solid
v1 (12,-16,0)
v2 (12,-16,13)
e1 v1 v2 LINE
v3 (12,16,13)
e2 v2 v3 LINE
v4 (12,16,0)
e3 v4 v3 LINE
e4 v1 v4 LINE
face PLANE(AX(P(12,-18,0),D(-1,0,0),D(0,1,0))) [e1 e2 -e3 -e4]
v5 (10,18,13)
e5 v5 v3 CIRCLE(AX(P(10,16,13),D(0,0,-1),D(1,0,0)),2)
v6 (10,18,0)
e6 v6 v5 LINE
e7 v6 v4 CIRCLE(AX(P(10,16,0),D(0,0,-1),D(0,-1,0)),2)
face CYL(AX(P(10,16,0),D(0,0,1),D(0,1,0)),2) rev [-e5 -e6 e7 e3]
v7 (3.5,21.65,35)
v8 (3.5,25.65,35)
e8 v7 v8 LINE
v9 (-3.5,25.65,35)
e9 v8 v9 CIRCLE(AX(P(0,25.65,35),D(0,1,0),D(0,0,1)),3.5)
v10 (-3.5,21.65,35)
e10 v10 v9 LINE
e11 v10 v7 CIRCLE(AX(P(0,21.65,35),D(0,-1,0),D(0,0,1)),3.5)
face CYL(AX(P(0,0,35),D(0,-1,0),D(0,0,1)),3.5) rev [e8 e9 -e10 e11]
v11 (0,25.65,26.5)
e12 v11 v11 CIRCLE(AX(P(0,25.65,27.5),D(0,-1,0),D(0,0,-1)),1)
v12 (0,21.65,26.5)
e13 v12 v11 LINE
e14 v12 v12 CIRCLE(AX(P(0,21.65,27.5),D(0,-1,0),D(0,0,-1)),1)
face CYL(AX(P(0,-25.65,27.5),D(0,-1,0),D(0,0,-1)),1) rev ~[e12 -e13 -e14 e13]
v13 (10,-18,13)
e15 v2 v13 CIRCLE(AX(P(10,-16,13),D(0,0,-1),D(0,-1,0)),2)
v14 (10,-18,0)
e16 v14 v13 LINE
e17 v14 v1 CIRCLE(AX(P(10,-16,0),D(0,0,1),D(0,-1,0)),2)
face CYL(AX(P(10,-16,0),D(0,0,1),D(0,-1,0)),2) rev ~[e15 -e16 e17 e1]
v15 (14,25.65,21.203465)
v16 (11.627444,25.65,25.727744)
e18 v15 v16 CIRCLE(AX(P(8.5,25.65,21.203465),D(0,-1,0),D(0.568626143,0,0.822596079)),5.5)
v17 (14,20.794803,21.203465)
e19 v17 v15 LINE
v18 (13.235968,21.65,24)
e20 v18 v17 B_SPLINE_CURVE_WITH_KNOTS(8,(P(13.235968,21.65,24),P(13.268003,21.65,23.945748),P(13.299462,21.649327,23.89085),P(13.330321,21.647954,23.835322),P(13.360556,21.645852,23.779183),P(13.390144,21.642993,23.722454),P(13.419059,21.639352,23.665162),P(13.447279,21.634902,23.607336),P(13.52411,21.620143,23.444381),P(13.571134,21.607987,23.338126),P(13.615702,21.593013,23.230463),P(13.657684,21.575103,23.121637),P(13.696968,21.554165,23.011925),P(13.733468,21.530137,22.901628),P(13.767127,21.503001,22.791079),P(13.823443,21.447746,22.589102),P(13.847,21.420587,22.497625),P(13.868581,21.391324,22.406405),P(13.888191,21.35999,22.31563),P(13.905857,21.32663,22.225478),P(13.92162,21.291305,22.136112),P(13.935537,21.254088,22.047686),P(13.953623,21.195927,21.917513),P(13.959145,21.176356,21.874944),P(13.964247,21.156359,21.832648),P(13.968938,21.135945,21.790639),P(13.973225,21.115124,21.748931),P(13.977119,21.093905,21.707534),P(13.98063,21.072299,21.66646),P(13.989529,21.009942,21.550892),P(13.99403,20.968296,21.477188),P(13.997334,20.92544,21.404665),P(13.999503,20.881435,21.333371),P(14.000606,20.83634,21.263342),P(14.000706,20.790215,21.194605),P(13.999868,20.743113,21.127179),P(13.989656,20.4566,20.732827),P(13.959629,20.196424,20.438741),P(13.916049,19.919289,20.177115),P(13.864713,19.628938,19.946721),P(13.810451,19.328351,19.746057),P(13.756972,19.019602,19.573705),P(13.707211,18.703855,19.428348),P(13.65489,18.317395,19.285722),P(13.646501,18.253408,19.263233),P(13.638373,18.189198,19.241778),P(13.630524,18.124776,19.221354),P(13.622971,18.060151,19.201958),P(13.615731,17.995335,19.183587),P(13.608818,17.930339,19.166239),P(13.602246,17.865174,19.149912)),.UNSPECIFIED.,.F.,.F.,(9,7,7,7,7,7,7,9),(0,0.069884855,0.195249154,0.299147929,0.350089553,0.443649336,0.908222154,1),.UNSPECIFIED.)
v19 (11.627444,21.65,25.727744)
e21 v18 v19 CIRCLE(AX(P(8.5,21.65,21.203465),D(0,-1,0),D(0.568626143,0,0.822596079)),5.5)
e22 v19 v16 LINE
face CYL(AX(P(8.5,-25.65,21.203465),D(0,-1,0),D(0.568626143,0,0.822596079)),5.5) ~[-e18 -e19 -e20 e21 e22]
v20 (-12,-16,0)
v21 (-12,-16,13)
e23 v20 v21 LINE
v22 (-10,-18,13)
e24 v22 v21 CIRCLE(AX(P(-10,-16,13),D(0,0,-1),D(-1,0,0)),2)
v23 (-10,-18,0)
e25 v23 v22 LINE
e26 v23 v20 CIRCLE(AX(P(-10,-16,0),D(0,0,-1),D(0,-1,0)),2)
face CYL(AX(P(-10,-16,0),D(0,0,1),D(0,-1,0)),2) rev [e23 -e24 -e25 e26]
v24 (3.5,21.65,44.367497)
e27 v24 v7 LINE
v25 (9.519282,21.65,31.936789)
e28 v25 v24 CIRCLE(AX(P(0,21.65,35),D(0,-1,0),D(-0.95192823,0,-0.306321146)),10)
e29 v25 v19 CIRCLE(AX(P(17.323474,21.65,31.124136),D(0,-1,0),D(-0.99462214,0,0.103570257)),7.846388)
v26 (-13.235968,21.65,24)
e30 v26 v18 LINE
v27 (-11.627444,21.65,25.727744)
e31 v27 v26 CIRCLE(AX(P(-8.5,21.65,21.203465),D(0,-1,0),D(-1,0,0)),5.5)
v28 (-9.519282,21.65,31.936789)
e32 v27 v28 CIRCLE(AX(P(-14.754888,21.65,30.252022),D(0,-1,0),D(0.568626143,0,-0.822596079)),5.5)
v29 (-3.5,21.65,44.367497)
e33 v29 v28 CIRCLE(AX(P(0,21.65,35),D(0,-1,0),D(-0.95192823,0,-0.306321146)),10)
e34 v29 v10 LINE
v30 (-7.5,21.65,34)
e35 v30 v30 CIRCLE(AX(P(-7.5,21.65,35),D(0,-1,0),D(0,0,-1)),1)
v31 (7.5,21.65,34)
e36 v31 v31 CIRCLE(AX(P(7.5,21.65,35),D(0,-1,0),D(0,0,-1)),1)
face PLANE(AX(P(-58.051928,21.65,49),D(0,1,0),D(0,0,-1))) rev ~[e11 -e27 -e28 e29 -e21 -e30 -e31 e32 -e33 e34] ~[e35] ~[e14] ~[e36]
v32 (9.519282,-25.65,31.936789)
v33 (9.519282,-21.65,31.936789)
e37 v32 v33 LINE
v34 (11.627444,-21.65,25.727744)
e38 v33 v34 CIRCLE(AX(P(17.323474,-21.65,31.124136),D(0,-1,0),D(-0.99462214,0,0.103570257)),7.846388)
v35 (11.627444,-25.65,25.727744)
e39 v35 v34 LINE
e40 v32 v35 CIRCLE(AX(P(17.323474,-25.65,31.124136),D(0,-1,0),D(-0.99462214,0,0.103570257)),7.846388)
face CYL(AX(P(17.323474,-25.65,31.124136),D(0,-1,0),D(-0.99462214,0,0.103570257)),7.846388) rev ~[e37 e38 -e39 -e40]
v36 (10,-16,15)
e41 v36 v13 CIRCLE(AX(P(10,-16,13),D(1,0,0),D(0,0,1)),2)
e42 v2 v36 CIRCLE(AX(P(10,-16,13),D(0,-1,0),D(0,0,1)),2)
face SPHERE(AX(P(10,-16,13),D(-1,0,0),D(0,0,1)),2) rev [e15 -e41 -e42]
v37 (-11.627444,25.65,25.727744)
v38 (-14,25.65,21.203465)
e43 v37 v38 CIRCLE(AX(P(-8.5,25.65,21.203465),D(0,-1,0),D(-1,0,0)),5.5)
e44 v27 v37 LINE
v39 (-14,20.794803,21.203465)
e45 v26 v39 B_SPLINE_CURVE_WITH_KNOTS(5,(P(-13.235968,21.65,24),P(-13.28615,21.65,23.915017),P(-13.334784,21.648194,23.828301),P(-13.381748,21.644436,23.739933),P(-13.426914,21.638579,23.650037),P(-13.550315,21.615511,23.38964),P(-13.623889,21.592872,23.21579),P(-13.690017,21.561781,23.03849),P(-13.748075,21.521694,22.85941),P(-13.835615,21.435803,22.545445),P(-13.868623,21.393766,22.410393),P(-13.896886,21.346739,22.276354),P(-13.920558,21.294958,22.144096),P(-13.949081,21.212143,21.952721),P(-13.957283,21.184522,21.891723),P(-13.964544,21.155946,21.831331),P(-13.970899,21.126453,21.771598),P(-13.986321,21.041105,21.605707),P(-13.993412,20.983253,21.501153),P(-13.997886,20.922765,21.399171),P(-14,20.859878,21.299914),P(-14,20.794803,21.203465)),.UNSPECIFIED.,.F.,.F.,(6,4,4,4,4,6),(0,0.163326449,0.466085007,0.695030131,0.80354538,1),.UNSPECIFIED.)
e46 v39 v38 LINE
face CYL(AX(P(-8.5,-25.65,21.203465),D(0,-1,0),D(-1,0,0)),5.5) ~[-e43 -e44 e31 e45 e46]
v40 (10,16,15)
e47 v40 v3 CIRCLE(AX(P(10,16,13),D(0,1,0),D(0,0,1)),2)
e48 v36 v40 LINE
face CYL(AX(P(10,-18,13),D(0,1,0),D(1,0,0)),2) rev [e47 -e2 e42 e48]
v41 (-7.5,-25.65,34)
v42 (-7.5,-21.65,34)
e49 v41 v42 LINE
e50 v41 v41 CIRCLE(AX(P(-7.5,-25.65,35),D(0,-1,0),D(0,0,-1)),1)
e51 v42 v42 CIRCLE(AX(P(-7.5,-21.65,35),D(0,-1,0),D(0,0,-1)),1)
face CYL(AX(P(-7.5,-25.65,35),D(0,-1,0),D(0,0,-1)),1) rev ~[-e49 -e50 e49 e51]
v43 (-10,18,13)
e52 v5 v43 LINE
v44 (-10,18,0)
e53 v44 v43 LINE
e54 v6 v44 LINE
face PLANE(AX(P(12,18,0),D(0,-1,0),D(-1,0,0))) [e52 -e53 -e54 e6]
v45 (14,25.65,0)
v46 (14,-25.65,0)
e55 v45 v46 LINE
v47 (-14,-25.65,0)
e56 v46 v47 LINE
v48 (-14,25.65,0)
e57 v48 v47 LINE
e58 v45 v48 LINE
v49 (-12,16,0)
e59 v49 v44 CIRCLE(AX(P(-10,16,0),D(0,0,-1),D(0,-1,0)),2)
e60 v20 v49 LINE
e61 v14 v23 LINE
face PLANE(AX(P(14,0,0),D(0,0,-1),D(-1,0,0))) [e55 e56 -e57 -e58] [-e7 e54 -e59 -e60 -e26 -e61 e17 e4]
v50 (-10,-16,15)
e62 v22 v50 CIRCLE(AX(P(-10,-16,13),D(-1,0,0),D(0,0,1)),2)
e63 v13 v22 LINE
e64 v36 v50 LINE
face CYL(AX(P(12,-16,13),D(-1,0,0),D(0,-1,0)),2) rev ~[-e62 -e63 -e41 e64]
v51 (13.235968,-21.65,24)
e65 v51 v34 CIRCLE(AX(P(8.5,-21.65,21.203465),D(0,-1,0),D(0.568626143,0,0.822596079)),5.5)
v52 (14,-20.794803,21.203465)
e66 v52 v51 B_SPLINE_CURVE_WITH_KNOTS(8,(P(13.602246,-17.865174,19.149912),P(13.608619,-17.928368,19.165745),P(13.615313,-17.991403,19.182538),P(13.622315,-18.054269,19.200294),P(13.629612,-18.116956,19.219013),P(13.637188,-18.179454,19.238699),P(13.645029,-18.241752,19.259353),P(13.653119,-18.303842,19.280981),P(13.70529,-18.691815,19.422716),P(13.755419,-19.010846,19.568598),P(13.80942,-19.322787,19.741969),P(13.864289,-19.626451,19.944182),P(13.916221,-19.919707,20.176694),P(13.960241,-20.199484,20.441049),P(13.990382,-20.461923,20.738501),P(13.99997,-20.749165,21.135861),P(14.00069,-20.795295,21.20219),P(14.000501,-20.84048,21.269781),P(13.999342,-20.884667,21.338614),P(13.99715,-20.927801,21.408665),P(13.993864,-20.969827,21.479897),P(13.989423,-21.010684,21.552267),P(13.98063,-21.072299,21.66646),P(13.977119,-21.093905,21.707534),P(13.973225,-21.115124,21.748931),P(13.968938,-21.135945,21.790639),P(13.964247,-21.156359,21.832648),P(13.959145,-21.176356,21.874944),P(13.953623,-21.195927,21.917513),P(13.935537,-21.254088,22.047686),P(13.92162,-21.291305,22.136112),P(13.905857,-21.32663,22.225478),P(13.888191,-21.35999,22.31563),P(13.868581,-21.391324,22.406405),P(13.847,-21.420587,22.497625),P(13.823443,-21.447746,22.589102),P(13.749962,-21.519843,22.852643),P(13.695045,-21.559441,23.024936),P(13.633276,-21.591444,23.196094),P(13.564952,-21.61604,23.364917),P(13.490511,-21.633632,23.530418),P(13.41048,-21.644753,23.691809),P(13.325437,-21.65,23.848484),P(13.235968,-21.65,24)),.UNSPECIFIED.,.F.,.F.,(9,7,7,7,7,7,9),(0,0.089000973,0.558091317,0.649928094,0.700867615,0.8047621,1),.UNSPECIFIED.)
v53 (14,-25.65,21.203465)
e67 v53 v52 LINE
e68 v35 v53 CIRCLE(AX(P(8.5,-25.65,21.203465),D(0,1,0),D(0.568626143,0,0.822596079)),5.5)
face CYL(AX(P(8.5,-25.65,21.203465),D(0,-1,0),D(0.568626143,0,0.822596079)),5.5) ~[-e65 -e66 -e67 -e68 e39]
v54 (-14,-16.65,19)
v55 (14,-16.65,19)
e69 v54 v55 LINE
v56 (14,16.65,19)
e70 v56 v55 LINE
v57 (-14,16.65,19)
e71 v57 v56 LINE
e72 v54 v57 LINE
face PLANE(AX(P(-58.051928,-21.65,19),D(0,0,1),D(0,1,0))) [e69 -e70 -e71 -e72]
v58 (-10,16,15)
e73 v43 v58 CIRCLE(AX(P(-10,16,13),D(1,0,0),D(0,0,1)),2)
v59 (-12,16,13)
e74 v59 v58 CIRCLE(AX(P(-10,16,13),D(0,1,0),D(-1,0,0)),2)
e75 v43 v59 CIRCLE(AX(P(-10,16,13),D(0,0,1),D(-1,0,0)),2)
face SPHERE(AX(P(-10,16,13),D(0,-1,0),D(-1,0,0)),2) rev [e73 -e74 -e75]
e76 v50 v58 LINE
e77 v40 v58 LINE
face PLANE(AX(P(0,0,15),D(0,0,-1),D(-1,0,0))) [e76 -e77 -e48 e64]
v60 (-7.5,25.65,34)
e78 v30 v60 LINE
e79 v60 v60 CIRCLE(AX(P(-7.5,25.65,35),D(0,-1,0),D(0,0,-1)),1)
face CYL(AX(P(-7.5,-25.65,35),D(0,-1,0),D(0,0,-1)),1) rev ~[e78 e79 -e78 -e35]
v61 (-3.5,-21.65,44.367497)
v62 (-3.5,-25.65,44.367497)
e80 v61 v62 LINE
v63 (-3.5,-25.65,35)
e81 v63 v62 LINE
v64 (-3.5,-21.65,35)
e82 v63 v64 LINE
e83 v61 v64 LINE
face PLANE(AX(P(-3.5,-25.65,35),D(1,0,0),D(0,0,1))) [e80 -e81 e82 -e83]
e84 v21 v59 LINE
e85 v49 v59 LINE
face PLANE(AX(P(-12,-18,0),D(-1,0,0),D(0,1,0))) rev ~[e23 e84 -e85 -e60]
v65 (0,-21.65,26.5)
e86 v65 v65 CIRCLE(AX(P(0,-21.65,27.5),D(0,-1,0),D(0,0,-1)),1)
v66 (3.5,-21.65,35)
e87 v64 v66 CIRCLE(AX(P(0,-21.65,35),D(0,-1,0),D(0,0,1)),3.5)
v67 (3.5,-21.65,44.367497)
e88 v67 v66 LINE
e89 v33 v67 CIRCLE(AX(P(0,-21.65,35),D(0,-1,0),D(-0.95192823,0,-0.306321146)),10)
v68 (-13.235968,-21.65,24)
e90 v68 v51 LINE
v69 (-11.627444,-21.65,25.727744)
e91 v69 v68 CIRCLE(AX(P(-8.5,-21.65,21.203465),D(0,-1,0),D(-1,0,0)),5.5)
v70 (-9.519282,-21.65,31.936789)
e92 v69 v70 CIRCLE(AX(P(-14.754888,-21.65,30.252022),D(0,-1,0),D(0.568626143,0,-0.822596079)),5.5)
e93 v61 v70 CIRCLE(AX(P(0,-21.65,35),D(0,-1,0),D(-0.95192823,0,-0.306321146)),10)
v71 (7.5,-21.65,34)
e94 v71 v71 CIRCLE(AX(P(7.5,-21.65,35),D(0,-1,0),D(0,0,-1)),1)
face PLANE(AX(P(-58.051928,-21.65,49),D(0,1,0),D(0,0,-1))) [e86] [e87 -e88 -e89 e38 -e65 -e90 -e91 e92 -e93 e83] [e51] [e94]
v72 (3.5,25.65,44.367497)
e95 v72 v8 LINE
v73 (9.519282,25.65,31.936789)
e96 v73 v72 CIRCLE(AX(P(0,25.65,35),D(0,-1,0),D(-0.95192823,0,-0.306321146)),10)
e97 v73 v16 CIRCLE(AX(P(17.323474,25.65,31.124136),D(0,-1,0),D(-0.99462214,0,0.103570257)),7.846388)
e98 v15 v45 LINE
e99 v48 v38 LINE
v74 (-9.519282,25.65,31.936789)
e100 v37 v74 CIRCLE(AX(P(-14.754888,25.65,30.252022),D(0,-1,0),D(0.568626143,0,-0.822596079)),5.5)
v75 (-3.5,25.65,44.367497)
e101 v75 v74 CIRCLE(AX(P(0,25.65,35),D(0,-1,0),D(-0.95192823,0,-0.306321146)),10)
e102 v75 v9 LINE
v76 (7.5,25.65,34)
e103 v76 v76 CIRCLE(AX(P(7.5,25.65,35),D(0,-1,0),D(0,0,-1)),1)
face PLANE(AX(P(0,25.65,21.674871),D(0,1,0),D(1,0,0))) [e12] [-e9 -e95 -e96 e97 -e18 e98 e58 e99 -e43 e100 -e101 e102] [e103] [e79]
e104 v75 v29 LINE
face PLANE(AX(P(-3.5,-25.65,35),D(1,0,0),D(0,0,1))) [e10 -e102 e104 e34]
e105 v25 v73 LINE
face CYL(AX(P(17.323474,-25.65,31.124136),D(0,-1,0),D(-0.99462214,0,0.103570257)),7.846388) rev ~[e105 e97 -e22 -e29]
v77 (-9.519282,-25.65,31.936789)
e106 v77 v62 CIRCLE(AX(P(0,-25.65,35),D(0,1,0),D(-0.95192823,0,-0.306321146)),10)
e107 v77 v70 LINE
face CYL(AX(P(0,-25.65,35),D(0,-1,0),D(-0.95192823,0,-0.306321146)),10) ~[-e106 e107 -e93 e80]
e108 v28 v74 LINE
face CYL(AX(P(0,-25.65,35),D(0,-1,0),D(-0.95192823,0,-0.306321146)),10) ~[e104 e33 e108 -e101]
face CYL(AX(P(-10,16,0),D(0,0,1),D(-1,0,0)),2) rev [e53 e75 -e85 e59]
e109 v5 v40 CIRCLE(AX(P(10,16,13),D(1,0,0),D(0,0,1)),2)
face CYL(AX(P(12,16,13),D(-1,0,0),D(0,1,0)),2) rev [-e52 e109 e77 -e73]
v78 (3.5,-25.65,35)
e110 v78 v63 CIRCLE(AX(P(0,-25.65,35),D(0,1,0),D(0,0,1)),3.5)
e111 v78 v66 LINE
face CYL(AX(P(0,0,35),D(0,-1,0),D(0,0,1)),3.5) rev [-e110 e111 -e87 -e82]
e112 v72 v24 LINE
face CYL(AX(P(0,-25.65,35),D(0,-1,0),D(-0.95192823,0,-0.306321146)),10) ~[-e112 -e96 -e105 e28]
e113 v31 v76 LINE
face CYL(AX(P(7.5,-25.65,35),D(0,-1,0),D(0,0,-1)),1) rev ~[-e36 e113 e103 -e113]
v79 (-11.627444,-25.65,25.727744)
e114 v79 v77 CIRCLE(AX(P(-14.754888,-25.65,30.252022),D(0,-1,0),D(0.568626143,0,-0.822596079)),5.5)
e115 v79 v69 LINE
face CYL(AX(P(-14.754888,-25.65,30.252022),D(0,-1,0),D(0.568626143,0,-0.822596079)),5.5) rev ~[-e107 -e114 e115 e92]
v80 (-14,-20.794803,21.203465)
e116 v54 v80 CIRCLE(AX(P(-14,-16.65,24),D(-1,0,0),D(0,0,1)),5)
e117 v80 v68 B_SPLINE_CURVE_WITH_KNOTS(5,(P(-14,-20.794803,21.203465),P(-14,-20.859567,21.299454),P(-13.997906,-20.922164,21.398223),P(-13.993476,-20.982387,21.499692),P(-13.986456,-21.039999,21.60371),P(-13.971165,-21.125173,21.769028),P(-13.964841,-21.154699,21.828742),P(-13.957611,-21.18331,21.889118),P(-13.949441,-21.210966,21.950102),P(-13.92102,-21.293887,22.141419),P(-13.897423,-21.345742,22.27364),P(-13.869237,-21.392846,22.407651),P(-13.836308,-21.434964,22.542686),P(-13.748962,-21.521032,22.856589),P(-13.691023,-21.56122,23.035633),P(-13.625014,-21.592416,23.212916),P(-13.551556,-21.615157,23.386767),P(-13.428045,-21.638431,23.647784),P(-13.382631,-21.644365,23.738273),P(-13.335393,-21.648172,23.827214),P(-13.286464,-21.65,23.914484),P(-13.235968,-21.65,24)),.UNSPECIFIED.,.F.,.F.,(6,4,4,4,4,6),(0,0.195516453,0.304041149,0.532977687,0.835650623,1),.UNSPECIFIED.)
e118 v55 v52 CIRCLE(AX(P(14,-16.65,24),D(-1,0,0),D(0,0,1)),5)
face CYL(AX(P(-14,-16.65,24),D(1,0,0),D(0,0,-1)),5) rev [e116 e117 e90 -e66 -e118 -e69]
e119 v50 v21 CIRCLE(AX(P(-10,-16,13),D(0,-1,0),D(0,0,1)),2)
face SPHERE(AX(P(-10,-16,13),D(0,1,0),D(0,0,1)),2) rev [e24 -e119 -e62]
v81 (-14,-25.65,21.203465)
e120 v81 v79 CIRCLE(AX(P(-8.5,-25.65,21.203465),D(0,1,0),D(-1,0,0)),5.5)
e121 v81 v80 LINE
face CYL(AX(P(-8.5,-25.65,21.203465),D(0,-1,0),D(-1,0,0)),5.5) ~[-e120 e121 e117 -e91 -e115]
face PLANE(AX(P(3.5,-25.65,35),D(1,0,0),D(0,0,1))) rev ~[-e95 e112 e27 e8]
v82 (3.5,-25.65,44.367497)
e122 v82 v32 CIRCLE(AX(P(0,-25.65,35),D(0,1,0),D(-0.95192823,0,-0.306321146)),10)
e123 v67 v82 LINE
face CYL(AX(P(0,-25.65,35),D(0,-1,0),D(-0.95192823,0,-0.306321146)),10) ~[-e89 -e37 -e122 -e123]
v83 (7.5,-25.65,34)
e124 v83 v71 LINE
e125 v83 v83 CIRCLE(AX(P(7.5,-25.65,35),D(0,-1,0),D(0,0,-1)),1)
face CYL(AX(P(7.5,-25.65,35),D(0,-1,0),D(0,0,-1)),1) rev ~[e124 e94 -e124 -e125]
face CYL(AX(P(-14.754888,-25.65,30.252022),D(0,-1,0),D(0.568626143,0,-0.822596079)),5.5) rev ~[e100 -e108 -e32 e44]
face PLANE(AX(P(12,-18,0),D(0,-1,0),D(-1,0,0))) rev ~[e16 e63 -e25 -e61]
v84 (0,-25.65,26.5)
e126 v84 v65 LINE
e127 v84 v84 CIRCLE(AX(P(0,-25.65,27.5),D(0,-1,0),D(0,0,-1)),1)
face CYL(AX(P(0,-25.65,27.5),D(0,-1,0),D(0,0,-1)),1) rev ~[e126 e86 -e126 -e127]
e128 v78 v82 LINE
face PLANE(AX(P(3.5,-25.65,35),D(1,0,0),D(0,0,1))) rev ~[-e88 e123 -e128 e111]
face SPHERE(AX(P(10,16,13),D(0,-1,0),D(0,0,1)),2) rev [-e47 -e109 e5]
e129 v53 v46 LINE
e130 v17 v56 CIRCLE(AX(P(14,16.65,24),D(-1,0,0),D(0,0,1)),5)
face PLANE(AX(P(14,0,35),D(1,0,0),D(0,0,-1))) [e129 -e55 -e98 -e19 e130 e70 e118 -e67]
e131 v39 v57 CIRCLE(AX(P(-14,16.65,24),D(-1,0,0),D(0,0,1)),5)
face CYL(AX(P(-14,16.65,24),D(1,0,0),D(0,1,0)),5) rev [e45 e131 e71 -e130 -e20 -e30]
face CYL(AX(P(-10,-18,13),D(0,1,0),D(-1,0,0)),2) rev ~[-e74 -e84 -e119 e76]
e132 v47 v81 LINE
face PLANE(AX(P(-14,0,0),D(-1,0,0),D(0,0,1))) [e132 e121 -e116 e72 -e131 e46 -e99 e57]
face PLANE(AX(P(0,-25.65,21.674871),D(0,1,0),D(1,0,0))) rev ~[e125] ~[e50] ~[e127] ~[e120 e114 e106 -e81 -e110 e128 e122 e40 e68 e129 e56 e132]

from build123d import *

# Parameters (mm, degrees)
ESQUISSE3_R                  = 3.5
BOSS_EXTRU_1_DEPTH           = 25.65
ENL_V_MAT_EXTRU_2_DEPTH      = 58.051928101
ENL_V_MAT_EXTRU_2_DEPTH_BACK = 58.051928101
ESQUISSE5_W                  = 30
ESQUISSE5_H                  = 43.3
ENL_V_MAT_EXTRU_6_DEPTH      = 73.309681233
ESQUISSE20_W                 = 7
ESQUISSE20_H                 = 11.521668881
ENL_V_MAT_EXTRU_12_DEPTH     = 70.661251783
ESQUISSE22_R                 = 1
ENL_V_MAT_EXTRU_14_DEPTH     = 70.254348527
CONG_2_R                     = 5
ESQUISSE23_W                 = 24
ESQUISSE23_H                 = 36
ENL_V_MAT_EXTRU_15_DEPTH     = 15
CONG_3_R                     = 2


with BuildPart() as part:
    # Esquisse3 → Boss.-Extru.1 (new, symmetric)
    with BuildSketch(Plane(origin=(0, 0, 0), x_dir=(1, 0, 0), z_dir=(0, 1, 0))):
        with BuildLine():
            Line((-14, 0), (-14, -35))
            ThreePointArc((-14, -35), (0, -49), (14, -35))
            Line((14, -35), (14, 0))
            Line((14, 0), (-14, 0))
        make_face()
        with Locations(Location((0, -35, 0), (0, 0, 270))):
            Circle(ESQUISSE3_R, mode=Mode.SUBTRACT)
    extrude(amount=BOSS_EXTRU_1_DEPTH, both=True)

    # Esquisse5 → Enlèv. mat.-Extru.2 (cut, two sides: drawn at the far end of the back side and taken through both)
    with BuildSketch(Plane(origin=(0, 0, 0), x_dir=(0, 0, -1), z_dir=(1, 0, 0)).offset(-ENL_V_MAT_EXTRU_2_DEPTH_BACK)):
        with Locations((-34, 0)):
            Rectangle(ESQUISSE5_W, ESQUISSE5_H)
    extrude(amount=ENL_V_MAT_EXTRU_2_DEPTH + ENL_V_MAT_EXTRU_2_DEPTH_BACK, mode=Mode.SUBTRACT)

    # Esquisse11 → Enlèv. mat.-Extru.6 (cut, through all)
    with BuildSketch(Plane.XZ.offset(25.65)):
        with BuildLine():
            Line((14, 21.20346537), (14, 35))
            ThreePointArc((14, 35), (0, 49), (-14, 35))
            Line((-14, 35), (-14, 21.20346537))
            ThreePointArc((-14, 21.20346537), (-13.370879839, 23.757781245), (-11.627443785, 25.727743806))
            ThreePointArc((-11.627443785, 25.727743806), (-9.546893091, 28.483748084), (-9.519282304, 31.936788544))
            ThreePointArc((-9.519282304, 31.936788544), (0, 45), (9.519282304, 31.936788544))
            ThreePointArc((9.519282304, 31.936788544), (9.893665279, 28.601487898), (11.627443785, 25.727743806))
            ThreePointArc((11.627443785, 25.727743806), (13.370879839, 23.757781245), (14, 21.20346537))
        make_face()
    extrude(amount=-ENL_V_MAT_EXTRU_6_DEPTH, mode=Mode.SUBTRACT)

    # Esquisse20 → Enlèv. mat.-Extru.12 (cut, through all)
    with BuildSketch(Plane.XZ.offset(25.65)):
        with Locations((0, 40.760834441)):
            Rectangle(ESQUISSE20_W, ESQUISSE20_H)
    extrude(amount=-ENL_V_MAT_EXTRU_12_DEPTH, mode=Mode.SUBTRACT)

    # Esquisse22 → Enlèv. mat.-Extru.14 (cut, through all)
    with BuildSketch(Plane.XZ.offset(25.65)):
        with Locations(Location((0, 27.5, 0), (0, 0, 270))):
            Circle(ESQUISSE22_R)
        with Locations(Location((-7.5, 35, 0), (0, 0, 270))):
            Circle(ESQUISSE22_R)
        with Locations((0, 42.5)):
            Circle(ESQUISSE22_R)
        with Locations(Location((7.5, 35, 0), (0, 0, 270))):
            Circle(ESQUISSE22_R)
    extrude(amount=-ENL_V_MAT_EXTRU_14_DEPTH, mode=Mode.SUBTRACT)

    # Congé2
    cong_2_edges = [part.edges().sort_by_distance(p)[0] for p in [
        (0, -21.65, 19),
        (0, 21.65, 19),
    ]]
    fillet(cong_2_edges, radius=CONG_2_R)

    # Esquisse23 → Enlèv. mat.-Extru.15 (cut)
    with BuildSketch(Plane(origin=(0, 0, 0), x_dir=(-1, 0, 0), z_dir=(0, 0, -1))):
        Rectangle(ESQUISSE23_W, ESQUISSE23_H)
    extrude(amount=-ENL_V_MAT_EXTRU_15_DEPTH, mode=Mode.SUBTRACT)

    # Congé3
    cong_3_edges = [part.edges().sort_by_distance(p)[0] for p in [
        (-12, 0, 15),
        (-12, 18, 7.5),
        (0, -18, 15),
        (-12, -18, 7.5),
        (12, 0, 15),
        (12, -18, 7.5),
        (0, 18, 15),
        (12, 18, 7.5),
    ]]
    fillet(cong_3_edges, radius=CONG_3_R)


solid = part.part
